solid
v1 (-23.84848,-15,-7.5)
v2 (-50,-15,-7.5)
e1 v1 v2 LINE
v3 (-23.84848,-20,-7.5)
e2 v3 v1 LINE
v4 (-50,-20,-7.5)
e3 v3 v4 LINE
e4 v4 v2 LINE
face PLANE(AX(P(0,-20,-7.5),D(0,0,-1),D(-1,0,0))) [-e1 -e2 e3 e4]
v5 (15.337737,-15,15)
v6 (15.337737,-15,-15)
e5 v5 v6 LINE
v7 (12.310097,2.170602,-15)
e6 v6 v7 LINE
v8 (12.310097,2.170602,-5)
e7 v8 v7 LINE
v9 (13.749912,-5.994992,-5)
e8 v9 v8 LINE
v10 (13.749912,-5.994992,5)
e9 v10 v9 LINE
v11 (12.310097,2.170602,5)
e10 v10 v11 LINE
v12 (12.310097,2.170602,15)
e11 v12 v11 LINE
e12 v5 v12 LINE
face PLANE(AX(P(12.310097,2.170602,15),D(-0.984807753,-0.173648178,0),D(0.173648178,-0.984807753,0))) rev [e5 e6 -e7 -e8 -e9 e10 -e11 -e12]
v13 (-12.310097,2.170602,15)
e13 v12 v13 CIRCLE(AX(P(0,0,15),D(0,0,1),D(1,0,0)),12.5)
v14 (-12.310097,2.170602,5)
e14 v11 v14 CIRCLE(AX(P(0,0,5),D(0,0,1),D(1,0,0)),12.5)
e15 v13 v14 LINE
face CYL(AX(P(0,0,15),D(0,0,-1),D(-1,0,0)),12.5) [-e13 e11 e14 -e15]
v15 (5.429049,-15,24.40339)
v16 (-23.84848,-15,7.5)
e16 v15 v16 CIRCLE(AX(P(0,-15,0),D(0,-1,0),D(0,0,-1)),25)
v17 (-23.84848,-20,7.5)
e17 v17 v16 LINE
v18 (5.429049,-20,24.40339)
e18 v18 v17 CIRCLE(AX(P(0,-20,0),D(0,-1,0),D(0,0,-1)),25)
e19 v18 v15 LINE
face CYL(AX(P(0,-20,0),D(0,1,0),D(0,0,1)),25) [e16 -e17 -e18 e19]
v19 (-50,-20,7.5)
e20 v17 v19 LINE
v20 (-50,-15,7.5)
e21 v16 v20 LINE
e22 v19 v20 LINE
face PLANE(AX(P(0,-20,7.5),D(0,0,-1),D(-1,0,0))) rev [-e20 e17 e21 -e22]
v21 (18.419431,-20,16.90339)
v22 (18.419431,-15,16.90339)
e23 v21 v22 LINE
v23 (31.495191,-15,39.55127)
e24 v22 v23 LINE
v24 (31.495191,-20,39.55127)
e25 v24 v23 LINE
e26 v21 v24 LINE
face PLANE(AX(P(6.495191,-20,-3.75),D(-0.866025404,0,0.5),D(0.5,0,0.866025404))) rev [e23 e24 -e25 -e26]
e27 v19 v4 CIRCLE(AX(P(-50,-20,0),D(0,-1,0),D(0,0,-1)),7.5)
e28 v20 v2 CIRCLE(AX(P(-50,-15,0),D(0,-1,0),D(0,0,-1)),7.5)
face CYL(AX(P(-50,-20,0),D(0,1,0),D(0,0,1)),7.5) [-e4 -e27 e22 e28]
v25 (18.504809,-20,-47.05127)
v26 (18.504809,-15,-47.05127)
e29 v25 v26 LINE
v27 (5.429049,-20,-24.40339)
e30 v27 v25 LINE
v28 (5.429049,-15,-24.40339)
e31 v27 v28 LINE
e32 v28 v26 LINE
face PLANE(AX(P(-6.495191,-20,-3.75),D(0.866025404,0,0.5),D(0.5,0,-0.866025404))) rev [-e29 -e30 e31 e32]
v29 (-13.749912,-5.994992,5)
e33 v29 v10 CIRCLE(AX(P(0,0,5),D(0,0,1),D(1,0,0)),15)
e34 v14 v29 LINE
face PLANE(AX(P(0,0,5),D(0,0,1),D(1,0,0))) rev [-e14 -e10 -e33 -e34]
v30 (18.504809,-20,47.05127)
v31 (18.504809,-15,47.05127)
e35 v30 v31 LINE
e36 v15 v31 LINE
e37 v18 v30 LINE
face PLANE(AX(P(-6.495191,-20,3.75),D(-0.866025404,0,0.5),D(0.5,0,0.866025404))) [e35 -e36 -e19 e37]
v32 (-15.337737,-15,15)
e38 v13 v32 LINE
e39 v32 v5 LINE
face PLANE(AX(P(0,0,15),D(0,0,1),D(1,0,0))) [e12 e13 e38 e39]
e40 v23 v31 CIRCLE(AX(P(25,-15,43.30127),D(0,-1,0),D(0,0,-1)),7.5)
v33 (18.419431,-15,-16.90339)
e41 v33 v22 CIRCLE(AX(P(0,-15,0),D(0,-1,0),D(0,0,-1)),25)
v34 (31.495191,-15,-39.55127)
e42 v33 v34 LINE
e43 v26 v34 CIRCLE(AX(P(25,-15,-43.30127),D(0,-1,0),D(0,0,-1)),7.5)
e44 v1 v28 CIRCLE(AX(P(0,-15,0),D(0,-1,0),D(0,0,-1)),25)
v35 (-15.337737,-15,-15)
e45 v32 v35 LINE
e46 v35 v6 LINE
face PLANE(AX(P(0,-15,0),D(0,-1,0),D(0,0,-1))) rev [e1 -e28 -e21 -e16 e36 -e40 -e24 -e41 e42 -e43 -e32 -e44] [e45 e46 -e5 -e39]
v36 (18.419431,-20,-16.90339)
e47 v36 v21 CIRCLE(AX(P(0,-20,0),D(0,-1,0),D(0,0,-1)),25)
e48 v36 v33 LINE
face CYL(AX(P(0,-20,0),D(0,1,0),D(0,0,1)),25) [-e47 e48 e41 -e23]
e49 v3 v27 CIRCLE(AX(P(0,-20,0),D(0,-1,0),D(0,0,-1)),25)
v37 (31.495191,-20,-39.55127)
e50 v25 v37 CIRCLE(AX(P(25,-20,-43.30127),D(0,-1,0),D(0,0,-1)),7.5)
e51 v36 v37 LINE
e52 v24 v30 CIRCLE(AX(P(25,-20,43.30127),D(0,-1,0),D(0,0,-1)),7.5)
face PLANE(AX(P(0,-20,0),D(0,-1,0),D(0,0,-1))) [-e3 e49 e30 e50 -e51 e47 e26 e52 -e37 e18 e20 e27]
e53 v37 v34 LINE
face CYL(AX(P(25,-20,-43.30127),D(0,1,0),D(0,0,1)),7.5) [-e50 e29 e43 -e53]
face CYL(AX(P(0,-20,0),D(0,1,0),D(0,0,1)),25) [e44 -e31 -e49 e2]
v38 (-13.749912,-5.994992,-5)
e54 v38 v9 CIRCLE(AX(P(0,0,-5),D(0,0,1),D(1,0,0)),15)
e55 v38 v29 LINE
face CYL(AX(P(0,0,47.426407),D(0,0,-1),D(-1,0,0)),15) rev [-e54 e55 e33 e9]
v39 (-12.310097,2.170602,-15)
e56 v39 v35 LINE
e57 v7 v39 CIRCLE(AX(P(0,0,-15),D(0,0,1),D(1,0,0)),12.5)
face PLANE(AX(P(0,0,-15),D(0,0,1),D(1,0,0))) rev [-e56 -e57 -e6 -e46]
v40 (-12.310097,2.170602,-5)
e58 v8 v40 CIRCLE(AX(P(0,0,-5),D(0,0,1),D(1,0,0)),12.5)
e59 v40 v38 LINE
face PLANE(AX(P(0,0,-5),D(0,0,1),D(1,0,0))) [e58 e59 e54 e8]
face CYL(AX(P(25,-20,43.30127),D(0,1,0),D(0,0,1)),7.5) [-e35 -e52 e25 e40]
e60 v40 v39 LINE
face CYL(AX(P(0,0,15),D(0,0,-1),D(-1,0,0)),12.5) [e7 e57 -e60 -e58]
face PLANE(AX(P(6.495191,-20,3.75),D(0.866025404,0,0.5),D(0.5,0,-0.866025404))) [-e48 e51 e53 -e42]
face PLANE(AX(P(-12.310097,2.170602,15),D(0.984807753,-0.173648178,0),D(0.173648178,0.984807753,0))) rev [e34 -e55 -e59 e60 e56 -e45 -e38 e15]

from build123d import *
from build123d.topology import SkipClean

# Parameters (mm, degrees)
BOSS_EXTRUDE1_DEPTH = 15
CUT_EXTRUDE1_DEPTH  = 5
BOSS_EXTRUDE2_DEPTH = 5
SKETCH3_R           = 15
CUT_EXTRUDE2_DEPTH  = 10


with BuildPart() as part:
    # Sketch1 → Boss-Extrude1 (new, symmetric)
    with BuildSketch(Plane.XY):
        with BuildLine():
            Line((-12.310096913, 2.170602221), (12.310096913, 2.170602221))
            ThreePointArc((12.310096913, 2.170602221), (0, -12.5), (-12.310096913, 2.170602221))
        make_face()
        with BuildLine():
            ThreePointArc((12.310096913, 2.170602221), (0, 12.5), (-12.310096913, 2.170602221))
            Line((-12.310096913, 2.170602221), (12.310096913, 2.170602221))
        make_face()
        with BuildLine():
            ThreePointArc((-12.310096913, 2.170602221), (0, -12.5), (12.310096913, 2.170602221))
            Line((12.310096913, 2.170602221), (15.337737359, -15))
            Line((15.337737359, -15), (-15.337737359, -15))
            Line((-15.337737359, -15), (-12.310096913, 2.170602221))
        make_face()
    extrude(amount=BOSS_EXTRUDE1_DEPTH, both=True)

    # Sketch1<3> → Cut-Extrude1 (cut, symmetric)
    with SkipClean():  # the faces are left unmerged after this step: merging them gives an invalid solid
        with BuildSketch(Plane.XY):
            with BuildLine():
                ThreePointArc((12.310096913, 2.170602221), (0, 12.5), (-12.310096913, 2.170602221))
                Line((-12.310096913, 2.170602221), (12.310096913, 2.170602221))
            make_face()
            with BuildLine():
                Line((-12.310096913, 2.170602221), (12.310096913, 2.170602221))
                ThreePointArc((12.310096913, 2.170602221), (0, -12.5), (-12.310096913, 2.170602221))
            make_face()
        extrude(amount=CUT_EXTRUDE1_DEPTH, both=True, mode=Mode.SUBTRACT)

    # Sketch2 → Boss-Extrude2 (add)
    with BuildSketch(Plane.XZ.offset(15)):
        with BuildLine():
            Line((-50, -7.5), (-23.848480035, -7.5))
            ThreePointArc((-23.848480035, -7.5), (-25, 0), (-23.848480035, 7.5))
            Line((-23.848480035, 7.5), (-50, 7.5))
            ThreePointArc((-50, 7.5), (-57.5, 0), (-50, -7.5))
        make_face()
        with BuildLine():
            Line((-23.848480035, -7.5), (-15.337737359, -7.5))
            Line((-15.337737359, -7.5), (-15.337737359, 7.5))
            Line((-15.337737359, 7.5), (-23.848480035, 7.5))
            ThreePointArc((-23.848480035, 7.5), (-25, 0), (-23.848480035, -7.5))
        make_face()
        with BuildLine():
            Line((-23.848480035, 7.5), (-15.337737359, 7.5))
            Line((-15.337737359, 7.5), (-15.337737359, 15))
            Line((-15.337737359, 15), (0, 15))
            Line((0, 15), (5.429049489, 24.403389552))
            ThreePointArc((5.429049489, 24.403389552), (-12.5, 21.650635095), (-23.848480035, 7.5))
        make_face()
        with BuildLine():
            ThreePointArc((5.429049489, 24.403389552), (12.5, 21.650635095), (18.419430546, 16.903389552))
            Line((18.419430546, 16.903389552), (31.495190528, 39.551270189))
            ThreePointArc((31.495190528, 39.551270189), (28.75, 49.796460718), (18.504809472, 47.051270189))
            Line((18.504809472, 47.051270189), (5.429049489, 24.403389552))
        make_face()
        with BuildLine():
            Line((15.337737359, 15), (15.337737359, 11.565740379))
            Line((15.337737359, 11.565740379), (18.419430546, 16.903389552))
            ThreePointArc((18.419430546, 16.903389552), (12.5, 21.650635095), (5.429049489, 24.403389552))
            Line((5.429049489, 24.403389552), (0, 15))
            Line((0, 15), (15.337737359, 15))
        make_face()
        with BuildLine():
            Line((18.419430546, 16.903389552), (15.337737359, 11.565740379))
            Line((15.337737359, 11.565740379), (15.337737359, -11.565740379))
            Line((15.337737359, -11.565740379), (18.419430546, -16.903389552))
            ThreePointArc((18.419430546, -16.903389552), (23.296842744, -9.069571003), (25, 0))
            ThreePointArc((25, 0), (23.296842744, 9.069571003), (18.419430546, 16.903389552))
        make_face()
        with BuildLine():
            ThreePointArc((6.495190528, -3.75), (3.75, -6.495190528), (0, -7.5))
            Line((0, -7.5), (-4.330127019, -7.5))
            Line((-4.330127019, -7.5), (0, -15))
            Line((0, -15), (15.337737359, -15))
            Line((15.337737359, -15), (15.337737359, -11.565740379))
            Line((15.337737359, -11.565740379), (8.660254038, 0))
            Line((8.660254038, 0), (6.495190528, -3.75))
        make_face()
        with BuildLine():
            Line((15.337737359, -15), (0, -15))
            Line((0, -15), (5.429049489, -24.403389552))
            ThreePointArc((5.429049489, -24.403389552), (12.5, -21.650635095), (18.419430546, -16.903389552))
            Line((18.419430546, -16.903389552), (15.337737359, -11.565740379))
            Line((15.337737359, -11.565740379), (15.337737359, -15))
        make_face()
        with BuildLine():
            ThreePointArc((18.419430546, -16.903389552), (12.5, -21.650635095), (5.429049489, -24.403389552))
            Line((5.429049489, -24.403389552), (18.504809472, -47.051270189))
            ThreePointArc((18.504809472, -47.051270189), (28.75, -49.796460718), (31.495190528, -39.551270189))
            Line((31.495190528, -39.551270189), (18.419430546, -16.903389552))
        make_face()
        with BuildLine():
            Line((-15.337737359, -15), (-15.337737359, -7.5))
            Line((-15.337737359, -7.5), (-23.848480035, -7.5))
            ThreePointArc((-23.848480035, -7.5), (-12.5, -21.650635095), (5.429049489, -24.403389552))
            Line((5.429049489, -24.403389552), (0, -15))
            Line((0, -15), (-15.337737359, -15))
        make_face()
        Polygon((0, -15), (-4.330127019, -7.5), (-15.337737359, -7.5), (-15.337737359, -15), align=None)
        with BuildLine():
            Line((-15.337737359, -7.5), (-4.330127019, -7.5))
            Line((-4.330127019, -7.5), (-6.495190528, -3.75))
            ThreePointArc((-6.495190528, -3.75), (-7.5, 0), (-6.495190528, 3.75))
            Line((-6.495190528, 3.75), (-4.330127019, 7.5))
            Line((-4.330127019, 7.5), (-15.337737359, 7.5))
            Line((-15.337737359, 7.5), (-15.337737359, -7.5))
        make_face()
        Polygon((-15.337737359, 15), (-15.337737359, 7.5), (-4.330127019, 7.5), (0, 15), align=None)
        with BuildLine():
            Line((6.495190528, 3.75), (8.660254038, 0))
            Line((8.660254038, 0), (15.337737359, 11.565740379))
            Line((15.337737359, 11.565740379), (15.337737359, 15))
            Line((15.337737359, 15), (0, 15))
            Line((0, 15), (-4.330127019, 7.5))
            Line((-4.330127019, 7.5), (0, 7.5))
            ThreePointArc((0, 7.5), (3.75, 6.495190528), (6.495190528, 3.75))
        make_face()
        Polygon((15.337737359, 11.565740379), (8.660254038, 0), (15.337737359, -11.565740379), align=None)
        with BuildLine():
            ThreePointArc((6.495190528, 3.75), (7.5, 0), (6.495190528, -3.75))
            Line((6.495190528, -3.75), (8.660254038, 0))
            Line((8.660254038, 0), (6.495190528, 3.75))
        make_face()
        with BuildLine():
            ThreePointArc((-6.495190528, -3.75), (-3.75, -6.495190528), (0, -7.5))
            ThreePointArc((0, -7.5), (3.75, -6.495190528), (6.495190528, -3.75))
            ThreePointArc((6.495190528, -3.75), (7.5, 0), (6.495190528, 3.75))
            ThreePointArc((6.495190528, 3.75), (3.75, 6.495190528), (0, 7.5))
            ThreePointArc((0, 7.5), (-3.75, 6.495190528), (-6.495190528, 3.75))
            ThreePointArc((-6.495190528, 3.75), (-7.5, 0), (-6.495190528, -3.75))
        make_face()
        with BuildLine():
            Line((-4.330127019, -7.5), (0, -7.5))
            ThreePointArc((0, -7.5), (-3.75, -6.495190528), (-6.495190528, -3.75))
            Line((-6.495190528, -3.75), (-4.330127019, -7.5))
        make_face()
        with BuildLine():
            Line((-4.330127019, 7.5), (-6.495190528, 3.75))
            ThreePointArc((-6.495190528, 3.75), (-3.75, 6.495190528), (0, 7.5))
            Line((0, 7.5), (-4.330127019, 7.5))
        make_face()
    extrude(amount=BOSS_EXTRUDE2_DEPTH)

    # Sketch3 → Cut-Extrude2 (cut)
    with BuildSketch(Plane.XY.offset(-5)):
        Circle(SKETCH3_R)
    extrude(amount=CUT_EXTRUDE2_DEPTH, mode=Mode.SUBTRACT)


solid = part.part
